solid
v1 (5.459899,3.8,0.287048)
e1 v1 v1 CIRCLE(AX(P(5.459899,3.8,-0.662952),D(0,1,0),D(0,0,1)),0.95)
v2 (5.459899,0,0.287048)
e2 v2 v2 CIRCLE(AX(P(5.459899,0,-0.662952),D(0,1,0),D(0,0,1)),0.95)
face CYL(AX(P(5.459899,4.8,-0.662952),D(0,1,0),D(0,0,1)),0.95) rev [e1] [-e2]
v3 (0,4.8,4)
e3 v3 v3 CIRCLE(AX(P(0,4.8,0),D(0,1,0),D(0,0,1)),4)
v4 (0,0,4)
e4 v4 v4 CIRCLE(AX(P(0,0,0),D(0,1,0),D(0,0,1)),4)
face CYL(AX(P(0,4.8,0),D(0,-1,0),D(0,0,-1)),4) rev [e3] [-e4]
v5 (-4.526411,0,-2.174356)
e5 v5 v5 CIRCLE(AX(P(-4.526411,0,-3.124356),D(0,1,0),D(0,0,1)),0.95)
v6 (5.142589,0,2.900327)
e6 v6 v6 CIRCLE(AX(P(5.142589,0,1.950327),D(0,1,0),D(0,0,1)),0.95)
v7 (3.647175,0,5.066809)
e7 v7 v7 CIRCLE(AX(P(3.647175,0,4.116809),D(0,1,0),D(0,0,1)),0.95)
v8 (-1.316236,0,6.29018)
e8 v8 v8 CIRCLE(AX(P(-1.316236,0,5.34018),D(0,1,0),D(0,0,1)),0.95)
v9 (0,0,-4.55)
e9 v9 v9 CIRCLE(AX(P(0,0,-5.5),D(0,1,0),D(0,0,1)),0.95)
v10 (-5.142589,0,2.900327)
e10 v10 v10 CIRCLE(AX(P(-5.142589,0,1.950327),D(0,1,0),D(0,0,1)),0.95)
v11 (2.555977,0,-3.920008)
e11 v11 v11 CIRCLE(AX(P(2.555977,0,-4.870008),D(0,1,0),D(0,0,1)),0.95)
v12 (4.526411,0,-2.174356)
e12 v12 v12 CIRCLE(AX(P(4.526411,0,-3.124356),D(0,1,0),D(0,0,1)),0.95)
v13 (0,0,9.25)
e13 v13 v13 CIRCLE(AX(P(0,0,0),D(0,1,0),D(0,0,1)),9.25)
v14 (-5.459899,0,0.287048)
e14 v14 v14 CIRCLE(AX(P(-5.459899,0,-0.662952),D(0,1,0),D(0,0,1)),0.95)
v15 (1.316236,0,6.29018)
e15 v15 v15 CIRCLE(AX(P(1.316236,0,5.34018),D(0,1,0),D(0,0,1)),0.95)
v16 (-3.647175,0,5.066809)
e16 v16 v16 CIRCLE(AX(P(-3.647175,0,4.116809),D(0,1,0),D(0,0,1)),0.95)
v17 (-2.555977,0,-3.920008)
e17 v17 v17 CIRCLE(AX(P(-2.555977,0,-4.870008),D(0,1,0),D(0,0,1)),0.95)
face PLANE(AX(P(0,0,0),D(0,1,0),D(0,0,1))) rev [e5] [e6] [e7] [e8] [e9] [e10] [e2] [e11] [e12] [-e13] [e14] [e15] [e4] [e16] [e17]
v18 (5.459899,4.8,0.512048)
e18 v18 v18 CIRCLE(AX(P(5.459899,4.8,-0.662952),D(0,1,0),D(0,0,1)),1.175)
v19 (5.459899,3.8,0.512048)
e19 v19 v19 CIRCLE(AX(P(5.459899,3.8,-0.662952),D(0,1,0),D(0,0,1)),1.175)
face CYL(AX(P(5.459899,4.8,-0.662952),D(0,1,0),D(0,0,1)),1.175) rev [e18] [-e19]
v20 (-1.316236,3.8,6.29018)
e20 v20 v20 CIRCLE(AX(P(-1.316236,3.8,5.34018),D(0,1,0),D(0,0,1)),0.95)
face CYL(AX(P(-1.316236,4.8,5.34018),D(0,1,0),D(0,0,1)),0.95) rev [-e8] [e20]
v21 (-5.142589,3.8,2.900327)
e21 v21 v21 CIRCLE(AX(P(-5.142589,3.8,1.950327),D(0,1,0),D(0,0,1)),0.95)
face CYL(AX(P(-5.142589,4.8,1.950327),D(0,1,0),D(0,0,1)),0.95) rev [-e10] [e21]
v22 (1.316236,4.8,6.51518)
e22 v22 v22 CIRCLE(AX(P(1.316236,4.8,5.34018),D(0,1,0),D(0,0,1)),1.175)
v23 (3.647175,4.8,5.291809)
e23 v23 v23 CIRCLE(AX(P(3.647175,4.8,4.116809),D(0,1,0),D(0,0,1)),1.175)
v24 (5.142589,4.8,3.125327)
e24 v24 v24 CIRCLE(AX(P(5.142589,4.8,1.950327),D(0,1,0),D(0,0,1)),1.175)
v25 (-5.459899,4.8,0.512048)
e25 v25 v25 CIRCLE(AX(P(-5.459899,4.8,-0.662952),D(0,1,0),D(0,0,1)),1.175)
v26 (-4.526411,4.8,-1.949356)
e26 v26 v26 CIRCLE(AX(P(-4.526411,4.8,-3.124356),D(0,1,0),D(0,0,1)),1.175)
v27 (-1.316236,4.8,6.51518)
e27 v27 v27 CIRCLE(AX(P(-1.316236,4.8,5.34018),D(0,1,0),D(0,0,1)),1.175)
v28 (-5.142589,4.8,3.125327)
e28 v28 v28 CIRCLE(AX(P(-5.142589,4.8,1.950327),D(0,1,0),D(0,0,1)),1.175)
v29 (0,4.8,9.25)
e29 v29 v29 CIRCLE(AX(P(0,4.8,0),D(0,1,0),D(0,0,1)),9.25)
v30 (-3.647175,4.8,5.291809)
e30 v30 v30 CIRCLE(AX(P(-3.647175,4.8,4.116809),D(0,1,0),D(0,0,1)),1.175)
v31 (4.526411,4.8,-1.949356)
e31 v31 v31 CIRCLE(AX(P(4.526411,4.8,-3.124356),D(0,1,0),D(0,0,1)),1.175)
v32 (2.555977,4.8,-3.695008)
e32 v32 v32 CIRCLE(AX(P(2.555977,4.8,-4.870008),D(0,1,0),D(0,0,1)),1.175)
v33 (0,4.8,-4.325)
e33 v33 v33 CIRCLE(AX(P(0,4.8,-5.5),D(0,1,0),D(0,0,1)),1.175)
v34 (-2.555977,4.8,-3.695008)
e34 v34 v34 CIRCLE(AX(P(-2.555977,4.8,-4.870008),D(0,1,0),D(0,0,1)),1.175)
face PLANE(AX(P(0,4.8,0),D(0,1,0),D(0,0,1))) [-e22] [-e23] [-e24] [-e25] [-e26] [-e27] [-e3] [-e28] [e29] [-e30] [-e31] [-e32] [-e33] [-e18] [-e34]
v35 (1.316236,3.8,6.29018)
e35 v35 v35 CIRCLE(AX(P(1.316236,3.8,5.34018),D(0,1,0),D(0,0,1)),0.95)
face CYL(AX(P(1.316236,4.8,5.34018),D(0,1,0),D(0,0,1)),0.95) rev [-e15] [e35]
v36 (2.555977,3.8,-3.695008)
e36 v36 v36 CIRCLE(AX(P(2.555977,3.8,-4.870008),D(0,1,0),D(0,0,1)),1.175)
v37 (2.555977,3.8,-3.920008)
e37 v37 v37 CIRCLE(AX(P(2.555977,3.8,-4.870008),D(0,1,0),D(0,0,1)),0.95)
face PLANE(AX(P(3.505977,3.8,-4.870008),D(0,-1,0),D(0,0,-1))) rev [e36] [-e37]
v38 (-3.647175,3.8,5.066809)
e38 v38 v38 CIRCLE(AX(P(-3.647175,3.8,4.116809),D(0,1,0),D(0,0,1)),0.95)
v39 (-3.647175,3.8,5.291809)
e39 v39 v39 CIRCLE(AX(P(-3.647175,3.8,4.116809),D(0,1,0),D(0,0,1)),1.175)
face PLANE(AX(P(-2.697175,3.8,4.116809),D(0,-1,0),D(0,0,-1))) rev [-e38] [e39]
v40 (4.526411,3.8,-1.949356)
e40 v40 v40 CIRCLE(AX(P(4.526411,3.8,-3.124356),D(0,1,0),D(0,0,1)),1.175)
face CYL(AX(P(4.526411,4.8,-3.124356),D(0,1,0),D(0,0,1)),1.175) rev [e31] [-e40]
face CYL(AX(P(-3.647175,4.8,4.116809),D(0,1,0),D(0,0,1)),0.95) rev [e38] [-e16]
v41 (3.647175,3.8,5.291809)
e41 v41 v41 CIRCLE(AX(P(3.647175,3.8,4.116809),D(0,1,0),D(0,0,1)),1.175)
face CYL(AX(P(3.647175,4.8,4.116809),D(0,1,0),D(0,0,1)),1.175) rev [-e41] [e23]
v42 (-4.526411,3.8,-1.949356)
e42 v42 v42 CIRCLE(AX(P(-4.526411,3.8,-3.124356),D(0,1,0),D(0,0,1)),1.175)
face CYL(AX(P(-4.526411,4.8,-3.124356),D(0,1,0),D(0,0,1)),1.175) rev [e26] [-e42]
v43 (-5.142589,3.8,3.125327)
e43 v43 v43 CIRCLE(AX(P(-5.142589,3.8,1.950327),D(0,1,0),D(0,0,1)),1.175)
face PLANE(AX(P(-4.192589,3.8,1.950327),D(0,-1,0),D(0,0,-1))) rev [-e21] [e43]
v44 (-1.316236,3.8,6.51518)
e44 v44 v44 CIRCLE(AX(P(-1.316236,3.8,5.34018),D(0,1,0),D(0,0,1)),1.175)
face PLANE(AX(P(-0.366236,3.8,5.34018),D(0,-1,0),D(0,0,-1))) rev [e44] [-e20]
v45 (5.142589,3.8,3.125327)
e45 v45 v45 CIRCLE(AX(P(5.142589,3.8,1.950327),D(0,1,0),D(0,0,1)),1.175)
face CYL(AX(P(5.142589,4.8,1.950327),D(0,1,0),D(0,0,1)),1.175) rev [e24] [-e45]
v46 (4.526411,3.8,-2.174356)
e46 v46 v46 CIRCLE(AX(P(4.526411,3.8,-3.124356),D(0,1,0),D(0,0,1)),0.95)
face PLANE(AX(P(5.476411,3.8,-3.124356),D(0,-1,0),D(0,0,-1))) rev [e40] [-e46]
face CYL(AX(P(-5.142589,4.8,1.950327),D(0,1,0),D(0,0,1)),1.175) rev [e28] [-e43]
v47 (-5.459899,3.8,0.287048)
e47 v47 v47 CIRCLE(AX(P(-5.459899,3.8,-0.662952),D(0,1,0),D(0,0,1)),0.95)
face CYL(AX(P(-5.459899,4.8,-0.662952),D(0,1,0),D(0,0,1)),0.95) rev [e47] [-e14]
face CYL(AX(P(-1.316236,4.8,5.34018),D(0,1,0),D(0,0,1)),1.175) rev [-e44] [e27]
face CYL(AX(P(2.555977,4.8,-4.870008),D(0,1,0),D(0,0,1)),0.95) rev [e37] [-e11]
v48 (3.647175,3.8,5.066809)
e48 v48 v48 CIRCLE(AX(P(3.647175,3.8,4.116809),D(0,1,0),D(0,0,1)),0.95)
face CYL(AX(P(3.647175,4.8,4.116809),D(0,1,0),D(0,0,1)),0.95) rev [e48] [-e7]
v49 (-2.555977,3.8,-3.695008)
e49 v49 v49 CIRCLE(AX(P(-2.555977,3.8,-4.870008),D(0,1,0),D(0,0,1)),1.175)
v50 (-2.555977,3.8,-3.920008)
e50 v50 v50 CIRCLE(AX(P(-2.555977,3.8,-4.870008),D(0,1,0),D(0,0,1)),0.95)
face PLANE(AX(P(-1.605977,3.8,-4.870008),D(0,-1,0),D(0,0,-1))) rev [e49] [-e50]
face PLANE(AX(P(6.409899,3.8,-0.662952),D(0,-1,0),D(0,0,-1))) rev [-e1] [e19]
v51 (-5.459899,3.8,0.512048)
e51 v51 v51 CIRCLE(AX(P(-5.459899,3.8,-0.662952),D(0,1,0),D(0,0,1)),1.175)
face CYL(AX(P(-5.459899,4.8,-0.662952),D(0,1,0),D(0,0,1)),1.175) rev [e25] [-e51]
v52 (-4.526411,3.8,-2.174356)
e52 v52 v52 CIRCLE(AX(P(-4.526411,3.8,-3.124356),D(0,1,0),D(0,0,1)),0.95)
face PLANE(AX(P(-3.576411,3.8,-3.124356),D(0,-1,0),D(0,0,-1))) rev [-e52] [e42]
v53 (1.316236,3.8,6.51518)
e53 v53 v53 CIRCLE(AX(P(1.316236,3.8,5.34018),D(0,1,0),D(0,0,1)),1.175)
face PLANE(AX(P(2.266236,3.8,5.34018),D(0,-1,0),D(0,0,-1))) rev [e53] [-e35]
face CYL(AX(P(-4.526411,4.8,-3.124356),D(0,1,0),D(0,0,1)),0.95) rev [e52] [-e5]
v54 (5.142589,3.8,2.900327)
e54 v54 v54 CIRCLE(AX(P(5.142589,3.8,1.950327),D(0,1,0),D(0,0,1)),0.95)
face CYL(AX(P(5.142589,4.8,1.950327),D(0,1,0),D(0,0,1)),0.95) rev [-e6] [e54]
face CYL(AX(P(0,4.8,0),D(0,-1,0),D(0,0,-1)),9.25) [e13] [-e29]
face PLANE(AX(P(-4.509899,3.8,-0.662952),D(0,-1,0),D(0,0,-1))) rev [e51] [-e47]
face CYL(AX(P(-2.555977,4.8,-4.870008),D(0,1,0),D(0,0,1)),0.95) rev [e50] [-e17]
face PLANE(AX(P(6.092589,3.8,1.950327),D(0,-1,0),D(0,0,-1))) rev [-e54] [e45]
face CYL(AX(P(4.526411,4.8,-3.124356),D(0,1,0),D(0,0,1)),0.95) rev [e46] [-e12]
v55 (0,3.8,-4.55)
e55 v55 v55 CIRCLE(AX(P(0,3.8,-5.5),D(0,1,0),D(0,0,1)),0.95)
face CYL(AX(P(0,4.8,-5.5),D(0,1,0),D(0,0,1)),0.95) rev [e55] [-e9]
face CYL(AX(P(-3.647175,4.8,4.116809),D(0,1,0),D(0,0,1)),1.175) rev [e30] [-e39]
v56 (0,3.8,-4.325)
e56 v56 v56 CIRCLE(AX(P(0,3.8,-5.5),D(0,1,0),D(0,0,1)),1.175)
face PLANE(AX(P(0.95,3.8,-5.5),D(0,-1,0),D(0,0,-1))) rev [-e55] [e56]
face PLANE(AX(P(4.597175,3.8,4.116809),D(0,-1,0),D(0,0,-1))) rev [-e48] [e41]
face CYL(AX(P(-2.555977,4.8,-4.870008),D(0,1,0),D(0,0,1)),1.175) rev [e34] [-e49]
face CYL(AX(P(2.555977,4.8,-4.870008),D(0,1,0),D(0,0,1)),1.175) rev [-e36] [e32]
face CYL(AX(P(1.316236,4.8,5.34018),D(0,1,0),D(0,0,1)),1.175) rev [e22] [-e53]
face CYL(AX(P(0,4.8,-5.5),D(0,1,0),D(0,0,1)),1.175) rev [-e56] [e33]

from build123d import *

# Parameters (mm, degrees)
SKETCH2_R           = 9.25
SKETCH2_R_2         = 4
BOSS_EXTRUDE1_DEPTH = 4.8
HOLE1_D             = 1.9
HOLE1_DEPTH         = 4.801
HOLE1_CBORE_D       = 2.35
HOLE1_CBORE_DEPTH   = 1
CIRPATTERN1_COUNT   = 13


with BuildPart() as part:
    # Sketch2 → Boss-Extrude1 (new body)
    with BuildSketch(Plane(origin=(0, 0, 0), x_dir=(1, 0, 0), z_dir=(0, 1, 0))):
        Circle(SKETCH2_R)
        Circle(SKETCH2_R_2, mode=Mode.SUBTRACT)
    extrude(amount=BOSS_EXTRUDE1_DEPTH)

    # Hole1
    with Locations(Plane(origin=(0, 4.8, 0), x_dir=(1, 0, 0), z_dir=(0, 1, 0))):
        with Locations((0, 5.5)):
            hole1 = CounterBoreHole(HOLE1_D / 2, HOLE1_CBORE_D / 2, HOLE1_CBORE_DEPTH, depth=HOLE1_DEPTH)

    # CirPattern1: Hole1 ×13 about axis
    cirpattern1_axis = Axis((0, 0, 0), (0, 1, 0))
    for i in range(1, CIRPATTERN1_COUNT):
        add(hole1.rotate(cirpattern1_axis, i * 360 / CIRPATTERN1_COUNT), mode=Mode.SUBTRACT)


solid = part.part
